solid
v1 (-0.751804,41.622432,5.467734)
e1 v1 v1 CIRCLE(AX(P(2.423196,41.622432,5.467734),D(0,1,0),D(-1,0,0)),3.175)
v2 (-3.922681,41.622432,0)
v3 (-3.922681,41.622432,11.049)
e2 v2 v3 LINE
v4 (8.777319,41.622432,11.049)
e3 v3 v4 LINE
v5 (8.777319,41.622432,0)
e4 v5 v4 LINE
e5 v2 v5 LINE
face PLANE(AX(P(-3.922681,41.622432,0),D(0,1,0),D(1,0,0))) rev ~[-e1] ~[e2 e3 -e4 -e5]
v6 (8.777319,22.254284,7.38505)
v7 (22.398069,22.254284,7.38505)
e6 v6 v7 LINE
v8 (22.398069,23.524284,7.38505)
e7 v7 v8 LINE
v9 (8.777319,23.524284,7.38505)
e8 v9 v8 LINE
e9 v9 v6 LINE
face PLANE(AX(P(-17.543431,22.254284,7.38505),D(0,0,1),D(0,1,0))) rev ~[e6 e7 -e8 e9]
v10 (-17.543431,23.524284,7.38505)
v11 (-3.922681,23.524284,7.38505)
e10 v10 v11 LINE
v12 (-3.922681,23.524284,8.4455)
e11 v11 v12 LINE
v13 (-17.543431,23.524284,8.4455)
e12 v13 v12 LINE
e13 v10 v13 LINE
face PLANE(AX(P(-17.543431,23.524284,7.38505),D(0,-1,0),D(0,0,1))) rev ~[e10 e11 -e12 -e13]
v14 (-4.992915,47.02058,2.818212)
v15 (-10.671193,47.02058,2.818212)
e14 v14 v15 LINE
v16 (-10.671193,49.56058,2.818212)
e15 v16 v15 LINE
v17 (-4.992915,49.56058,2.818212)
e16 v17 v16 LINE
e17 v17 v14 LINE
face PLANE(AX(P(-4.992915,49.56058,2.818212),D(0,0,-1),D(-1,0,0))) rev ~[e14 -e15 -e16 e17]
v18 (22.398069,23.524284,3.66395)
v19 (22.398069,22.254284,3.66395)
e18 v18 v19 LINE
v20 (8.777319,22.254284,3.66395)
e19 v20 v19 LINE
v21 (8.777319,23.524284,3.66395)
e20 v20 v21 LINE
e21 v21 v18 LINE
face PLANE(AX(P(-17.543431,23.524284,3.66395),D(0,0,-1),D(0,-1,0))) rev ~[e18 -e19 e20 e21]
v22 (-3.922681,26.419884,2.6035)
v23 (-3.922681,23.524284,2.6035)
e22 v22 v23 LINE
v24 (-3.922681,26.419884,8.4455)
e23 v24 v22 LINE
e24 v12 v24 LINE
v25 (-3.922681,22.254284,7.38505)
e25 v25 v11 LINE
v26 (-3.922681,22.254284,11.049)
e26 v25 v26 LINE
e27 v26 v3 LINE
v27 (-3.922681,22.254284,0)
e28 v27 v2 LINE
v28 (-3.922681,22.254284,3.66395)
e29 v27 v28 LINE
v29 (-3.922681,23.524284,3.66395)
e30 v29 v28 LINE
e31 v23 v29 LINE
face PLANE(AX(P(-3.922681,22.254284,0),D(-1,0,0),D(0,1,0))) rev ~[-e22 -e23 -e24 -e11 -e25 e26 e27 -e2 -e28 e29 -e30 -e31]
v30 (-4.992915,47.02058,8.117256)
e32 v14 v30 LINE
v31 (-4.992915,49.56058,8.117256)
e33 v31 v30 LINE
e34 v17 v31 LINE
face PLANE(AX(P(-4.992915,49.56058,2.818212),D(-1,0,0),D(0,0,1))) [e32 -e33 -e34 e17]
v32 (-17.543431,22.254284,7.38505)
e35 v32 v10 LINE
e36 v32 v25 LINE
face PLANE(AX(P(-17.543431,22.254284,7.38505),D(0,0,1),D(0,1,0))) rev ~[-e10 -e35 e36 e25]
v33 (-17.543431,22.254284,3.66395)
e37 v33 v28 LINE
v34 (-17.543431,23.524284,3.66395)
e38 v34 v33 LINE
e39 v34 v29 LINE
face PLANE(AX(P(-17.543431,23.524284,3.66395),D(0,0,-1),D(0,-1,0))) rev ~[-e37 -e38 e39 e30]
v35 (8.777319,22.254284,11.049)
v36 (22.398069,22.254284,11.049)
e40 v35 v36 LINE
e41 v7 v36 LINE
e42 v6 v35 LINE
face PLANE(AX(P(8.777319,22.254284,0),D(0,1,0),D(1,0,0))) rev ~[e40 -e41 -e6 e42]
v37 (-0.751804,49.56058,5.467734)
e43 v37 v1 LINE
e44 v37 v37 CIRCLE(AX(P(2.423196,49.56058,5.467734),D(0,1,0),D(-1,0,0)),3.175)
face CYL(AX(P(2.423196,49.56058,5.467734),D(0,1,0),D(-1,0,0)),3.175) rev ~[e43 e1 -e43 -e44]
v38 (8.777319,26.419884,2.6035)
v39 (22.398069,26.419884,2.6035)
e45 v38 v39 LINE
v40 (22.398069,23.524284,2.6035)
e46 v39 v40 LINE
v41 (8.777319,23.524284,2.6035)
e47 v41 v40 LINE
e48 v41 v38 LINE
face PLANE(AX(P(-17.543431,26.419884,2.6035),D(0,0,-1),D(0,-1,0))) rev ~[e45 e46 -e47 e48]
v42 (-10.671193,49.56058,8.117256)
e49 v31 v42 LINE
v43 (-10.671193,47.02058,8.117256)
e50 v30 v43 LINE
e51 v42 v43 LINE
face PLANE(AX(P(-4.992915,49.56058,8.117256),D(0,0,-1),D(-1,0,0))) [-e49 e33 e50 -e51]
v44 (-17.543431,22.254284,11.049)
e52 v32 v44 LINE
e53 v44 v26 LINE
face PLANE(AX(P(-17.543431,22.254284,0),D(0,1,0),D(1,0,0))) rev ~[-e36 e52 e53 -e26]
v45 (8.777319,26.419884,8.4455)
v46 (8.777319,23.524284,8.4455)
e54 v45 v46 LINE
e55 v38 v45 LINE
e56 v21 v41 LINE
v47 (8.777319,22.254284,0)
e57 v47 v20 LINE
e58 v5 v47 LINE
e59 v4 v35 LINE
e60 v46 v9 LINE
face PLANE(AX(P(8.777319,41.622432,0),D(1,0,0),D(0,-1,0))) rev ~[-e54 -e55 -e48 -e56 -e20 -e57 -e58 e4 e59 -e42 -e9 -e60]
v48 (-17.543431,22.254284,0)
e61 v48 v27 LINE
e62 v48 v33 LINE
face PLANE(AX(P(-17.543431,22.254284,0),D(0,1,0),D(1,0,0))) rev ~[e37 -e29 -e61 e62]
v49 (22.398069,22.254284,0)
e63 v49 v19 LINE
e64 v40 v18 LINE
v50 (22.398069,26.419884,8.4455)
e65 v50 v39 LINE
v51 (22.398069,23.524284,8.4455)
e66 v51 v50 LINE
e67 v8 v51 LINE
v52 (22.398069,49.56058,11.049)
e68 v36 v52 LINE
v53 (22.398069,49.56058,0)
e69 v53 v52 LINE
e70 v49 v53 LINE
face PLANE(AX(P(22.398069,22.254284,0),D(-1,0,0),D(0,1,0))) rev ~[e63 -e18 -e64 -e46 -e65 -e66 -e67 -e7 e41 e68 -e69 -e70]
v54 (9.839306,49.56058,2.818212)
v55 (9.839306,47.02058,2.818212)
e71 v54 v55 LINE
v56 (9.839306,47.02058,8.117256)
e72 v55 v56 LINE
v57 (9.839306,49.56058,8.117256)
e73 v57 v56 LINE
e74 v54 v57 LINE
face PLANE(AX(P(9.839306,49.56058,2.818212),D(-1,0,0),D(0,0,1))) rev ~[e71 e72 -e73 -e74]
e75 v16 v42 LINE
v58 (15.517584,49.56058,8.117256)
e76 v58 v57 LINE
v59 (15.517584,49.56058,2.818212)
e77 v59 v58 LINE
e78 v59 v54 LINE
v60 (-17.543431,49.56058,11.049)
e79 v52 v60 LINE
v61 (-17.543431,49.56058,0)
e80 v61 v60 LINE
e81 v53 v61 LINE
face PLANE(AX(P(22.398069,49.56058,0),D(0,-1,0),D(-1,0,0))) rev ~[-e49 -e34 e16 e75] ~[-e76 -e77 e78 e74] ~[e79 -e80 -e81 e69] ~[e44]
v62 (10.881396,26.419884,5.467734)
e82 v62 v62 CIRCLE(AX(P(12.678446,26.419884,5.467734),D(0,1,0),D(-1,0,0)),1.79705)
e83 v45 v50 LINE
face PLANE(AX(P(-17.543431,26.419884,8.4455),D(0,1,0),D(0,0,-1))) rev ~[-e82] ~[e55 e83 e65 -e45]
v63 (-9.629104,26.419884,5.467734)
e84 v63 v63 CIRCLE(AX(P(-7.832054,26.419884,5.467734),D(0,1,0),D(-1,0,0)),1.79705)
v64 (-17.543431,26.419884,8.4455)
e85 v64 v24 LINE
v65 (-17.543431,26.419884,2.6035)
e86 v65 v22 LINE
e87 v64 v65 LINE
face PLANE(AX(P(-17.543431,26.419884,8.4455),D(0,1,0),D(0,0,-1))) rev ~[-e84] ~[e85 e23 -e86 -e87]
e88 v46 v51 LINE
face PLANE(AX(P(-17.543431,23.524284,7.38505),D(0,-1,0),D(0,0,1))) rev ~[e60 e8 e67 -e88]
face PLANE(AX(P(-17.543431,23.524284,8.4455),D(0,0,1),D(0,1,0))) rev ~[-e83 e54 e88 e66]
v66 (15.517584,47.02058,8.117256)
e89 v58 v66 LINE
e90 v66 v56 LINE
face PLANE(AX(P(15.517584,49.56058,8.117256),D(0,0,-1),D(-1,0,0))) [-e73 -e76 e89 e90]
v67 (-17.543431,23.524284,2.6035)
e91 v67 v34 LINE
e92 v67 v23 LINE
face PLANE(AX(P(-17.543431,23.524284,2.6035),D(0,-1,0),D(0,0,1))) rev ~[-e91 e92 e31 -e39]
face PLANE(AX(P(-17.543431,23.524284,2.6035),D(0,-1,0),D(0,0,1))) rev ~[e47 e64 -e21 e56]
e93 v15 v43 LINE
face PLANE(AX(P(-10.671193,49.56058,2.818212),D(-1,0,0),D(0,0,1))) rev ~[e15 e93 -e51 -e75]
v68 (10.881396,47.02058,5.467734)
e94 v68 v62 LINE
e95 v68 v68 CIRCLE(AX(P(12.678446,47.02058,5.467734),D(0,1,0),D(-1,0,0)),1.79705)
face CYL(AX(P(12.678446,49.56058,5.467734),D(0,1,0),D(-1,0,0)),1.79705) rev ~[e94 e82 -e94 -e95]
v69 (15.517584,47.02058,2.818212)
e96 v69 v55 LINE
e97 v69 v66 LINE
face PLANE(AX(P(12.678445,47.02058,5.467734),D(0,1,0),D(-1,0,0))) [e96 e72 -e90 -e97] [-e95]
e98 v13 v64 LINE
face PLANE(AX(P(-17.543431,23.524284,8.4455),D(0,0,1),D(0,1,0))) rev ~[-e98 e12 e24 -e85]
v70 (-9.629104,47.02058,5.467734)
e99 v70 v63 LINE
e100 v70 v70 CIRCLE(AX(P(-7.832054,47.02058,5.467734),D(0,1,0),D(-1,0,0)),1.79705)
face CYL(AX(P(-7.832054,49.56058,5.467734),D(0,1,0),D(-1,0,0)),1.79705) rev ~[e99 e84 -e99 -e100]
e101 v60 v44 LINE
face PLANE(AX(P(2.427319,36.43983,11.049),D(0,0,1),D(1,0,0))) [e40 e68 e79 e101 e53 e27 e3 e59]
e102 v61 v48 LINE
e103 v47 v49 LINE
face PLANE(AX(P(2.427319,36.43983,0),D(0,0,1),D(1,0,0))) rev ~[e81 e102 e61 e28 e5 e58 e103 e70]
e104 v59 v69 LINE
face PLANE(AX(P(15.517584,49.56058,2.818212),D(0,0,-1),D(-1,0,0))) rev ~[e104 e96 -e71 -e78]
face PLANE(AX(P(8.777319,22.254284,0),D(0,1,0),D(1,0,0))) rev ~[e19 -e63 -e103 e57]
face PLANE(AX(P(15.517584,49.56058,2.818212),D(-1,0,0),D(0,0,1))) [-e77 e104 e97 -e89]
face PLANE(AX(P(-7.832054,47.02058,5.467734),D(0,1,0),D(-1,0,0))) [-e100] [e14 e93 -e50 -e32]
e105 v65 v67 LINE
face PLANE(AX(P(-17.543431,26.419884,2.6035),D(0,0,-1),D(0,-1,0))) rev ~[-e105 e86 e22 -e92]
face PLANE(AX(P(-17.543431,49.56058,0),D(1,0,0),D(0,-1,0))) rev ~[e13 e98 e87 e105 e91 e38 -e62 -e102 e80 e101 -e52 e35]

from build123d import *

# Parameters (mm, degrees)
F1_DEPTH = 11.049
F3_DEPTH = 39.9425
F4_R     = 3.175
F4_R_2   = 1.79705
F5_DEPTH = 27.307296
F4_W     = 5.678279
F4_H     = 5.299044
F6_DEPTH = 2.54


with BuildPart() as f1:
    # F0 (on Top) → F1 (new body)
    with BuildSketch(Plane.XY):
        Polygon((-17.543431, 48.29058), (-17.543431, 22.254284), (-3.922681, 22.254284), (-3.922681, 26.382432), (-3.922681, 41.622432), (8.777319, 41.622432), (8.777319, 26.382432), (8.777319, 22.254284), (22.398069, 22.254284), (22.398069, 48.29058), (22.398069, 49.56058), (-17.543431, 49.56058), align=None)
    extrude(amount=F1_DEPTH)

    # F2 (on face) → F3 (cut, through all)
    with BuildSketch(Plane(origin=(-17.543431, 0, 0), x_dir=(0, -1, 0), z_dir=(-1, 0, 0))):
        Polygon((-23.524284, 2.794), (-23.524284, 3.66395), (-22.254284, 3.66395), (-22.254284, 7.38505), (-23.524284, 7.38505), (-23.524284, 8.255), (-23.524284, 8.4455), (-26.419884, 8.4455), (-26.419884, 8.255), (-26.419884, 2.794), (-26.419884, 2.6035), (-23.524284, 2.6035), align=None)
    extrude(amount=-F3_DEPTH, mode=Mode.SUBTRACT)

    # F4 (on face) → F5 (cut, through all)
    with BuildSketch(Plane(origin=(0, 49.56058, 0), x_dir=(-1, 0, 0), z_dir=(0, 1, 0))):
        with Locations((-2.423196, 5.467734)):
            Circle(F4_R)
        with Locations((-12.678446, 5.467734)):
            Circle(F4_R_2)
        with Locations((7.832054, 5.467734)):
            Circle(F4_R_2)
    extrude(amount=-F5_DEPTH, mode=Mode.SUBTRACT)

    # F4 (on face) → F6 (cut)
    with BuildSketch(Plane(origin=(0, 49.56058, 0), x_dir=(-1, 0, 0), z_dir=(0, 1, 0))):
        with Locations((-12.678445, 5.467734)):
            Rectangle(F4_W, F4_H)
        with Locations((-12.678446, 5.467734)):
            Circle(F4_R_2, mode=Mode.SUBTRACT)
        with Locations((7.832054, 5.467734)):
            Rectangle(F4_W, F4_H)
        with Locations((7.832054, 5.467734)):
            Circle(F4_R_2, mode=Mode.SUBTRACT)
    extrude(amount=-F6_DEPTH, mode=Mode.SUBTRACT)


solid = f1.part
